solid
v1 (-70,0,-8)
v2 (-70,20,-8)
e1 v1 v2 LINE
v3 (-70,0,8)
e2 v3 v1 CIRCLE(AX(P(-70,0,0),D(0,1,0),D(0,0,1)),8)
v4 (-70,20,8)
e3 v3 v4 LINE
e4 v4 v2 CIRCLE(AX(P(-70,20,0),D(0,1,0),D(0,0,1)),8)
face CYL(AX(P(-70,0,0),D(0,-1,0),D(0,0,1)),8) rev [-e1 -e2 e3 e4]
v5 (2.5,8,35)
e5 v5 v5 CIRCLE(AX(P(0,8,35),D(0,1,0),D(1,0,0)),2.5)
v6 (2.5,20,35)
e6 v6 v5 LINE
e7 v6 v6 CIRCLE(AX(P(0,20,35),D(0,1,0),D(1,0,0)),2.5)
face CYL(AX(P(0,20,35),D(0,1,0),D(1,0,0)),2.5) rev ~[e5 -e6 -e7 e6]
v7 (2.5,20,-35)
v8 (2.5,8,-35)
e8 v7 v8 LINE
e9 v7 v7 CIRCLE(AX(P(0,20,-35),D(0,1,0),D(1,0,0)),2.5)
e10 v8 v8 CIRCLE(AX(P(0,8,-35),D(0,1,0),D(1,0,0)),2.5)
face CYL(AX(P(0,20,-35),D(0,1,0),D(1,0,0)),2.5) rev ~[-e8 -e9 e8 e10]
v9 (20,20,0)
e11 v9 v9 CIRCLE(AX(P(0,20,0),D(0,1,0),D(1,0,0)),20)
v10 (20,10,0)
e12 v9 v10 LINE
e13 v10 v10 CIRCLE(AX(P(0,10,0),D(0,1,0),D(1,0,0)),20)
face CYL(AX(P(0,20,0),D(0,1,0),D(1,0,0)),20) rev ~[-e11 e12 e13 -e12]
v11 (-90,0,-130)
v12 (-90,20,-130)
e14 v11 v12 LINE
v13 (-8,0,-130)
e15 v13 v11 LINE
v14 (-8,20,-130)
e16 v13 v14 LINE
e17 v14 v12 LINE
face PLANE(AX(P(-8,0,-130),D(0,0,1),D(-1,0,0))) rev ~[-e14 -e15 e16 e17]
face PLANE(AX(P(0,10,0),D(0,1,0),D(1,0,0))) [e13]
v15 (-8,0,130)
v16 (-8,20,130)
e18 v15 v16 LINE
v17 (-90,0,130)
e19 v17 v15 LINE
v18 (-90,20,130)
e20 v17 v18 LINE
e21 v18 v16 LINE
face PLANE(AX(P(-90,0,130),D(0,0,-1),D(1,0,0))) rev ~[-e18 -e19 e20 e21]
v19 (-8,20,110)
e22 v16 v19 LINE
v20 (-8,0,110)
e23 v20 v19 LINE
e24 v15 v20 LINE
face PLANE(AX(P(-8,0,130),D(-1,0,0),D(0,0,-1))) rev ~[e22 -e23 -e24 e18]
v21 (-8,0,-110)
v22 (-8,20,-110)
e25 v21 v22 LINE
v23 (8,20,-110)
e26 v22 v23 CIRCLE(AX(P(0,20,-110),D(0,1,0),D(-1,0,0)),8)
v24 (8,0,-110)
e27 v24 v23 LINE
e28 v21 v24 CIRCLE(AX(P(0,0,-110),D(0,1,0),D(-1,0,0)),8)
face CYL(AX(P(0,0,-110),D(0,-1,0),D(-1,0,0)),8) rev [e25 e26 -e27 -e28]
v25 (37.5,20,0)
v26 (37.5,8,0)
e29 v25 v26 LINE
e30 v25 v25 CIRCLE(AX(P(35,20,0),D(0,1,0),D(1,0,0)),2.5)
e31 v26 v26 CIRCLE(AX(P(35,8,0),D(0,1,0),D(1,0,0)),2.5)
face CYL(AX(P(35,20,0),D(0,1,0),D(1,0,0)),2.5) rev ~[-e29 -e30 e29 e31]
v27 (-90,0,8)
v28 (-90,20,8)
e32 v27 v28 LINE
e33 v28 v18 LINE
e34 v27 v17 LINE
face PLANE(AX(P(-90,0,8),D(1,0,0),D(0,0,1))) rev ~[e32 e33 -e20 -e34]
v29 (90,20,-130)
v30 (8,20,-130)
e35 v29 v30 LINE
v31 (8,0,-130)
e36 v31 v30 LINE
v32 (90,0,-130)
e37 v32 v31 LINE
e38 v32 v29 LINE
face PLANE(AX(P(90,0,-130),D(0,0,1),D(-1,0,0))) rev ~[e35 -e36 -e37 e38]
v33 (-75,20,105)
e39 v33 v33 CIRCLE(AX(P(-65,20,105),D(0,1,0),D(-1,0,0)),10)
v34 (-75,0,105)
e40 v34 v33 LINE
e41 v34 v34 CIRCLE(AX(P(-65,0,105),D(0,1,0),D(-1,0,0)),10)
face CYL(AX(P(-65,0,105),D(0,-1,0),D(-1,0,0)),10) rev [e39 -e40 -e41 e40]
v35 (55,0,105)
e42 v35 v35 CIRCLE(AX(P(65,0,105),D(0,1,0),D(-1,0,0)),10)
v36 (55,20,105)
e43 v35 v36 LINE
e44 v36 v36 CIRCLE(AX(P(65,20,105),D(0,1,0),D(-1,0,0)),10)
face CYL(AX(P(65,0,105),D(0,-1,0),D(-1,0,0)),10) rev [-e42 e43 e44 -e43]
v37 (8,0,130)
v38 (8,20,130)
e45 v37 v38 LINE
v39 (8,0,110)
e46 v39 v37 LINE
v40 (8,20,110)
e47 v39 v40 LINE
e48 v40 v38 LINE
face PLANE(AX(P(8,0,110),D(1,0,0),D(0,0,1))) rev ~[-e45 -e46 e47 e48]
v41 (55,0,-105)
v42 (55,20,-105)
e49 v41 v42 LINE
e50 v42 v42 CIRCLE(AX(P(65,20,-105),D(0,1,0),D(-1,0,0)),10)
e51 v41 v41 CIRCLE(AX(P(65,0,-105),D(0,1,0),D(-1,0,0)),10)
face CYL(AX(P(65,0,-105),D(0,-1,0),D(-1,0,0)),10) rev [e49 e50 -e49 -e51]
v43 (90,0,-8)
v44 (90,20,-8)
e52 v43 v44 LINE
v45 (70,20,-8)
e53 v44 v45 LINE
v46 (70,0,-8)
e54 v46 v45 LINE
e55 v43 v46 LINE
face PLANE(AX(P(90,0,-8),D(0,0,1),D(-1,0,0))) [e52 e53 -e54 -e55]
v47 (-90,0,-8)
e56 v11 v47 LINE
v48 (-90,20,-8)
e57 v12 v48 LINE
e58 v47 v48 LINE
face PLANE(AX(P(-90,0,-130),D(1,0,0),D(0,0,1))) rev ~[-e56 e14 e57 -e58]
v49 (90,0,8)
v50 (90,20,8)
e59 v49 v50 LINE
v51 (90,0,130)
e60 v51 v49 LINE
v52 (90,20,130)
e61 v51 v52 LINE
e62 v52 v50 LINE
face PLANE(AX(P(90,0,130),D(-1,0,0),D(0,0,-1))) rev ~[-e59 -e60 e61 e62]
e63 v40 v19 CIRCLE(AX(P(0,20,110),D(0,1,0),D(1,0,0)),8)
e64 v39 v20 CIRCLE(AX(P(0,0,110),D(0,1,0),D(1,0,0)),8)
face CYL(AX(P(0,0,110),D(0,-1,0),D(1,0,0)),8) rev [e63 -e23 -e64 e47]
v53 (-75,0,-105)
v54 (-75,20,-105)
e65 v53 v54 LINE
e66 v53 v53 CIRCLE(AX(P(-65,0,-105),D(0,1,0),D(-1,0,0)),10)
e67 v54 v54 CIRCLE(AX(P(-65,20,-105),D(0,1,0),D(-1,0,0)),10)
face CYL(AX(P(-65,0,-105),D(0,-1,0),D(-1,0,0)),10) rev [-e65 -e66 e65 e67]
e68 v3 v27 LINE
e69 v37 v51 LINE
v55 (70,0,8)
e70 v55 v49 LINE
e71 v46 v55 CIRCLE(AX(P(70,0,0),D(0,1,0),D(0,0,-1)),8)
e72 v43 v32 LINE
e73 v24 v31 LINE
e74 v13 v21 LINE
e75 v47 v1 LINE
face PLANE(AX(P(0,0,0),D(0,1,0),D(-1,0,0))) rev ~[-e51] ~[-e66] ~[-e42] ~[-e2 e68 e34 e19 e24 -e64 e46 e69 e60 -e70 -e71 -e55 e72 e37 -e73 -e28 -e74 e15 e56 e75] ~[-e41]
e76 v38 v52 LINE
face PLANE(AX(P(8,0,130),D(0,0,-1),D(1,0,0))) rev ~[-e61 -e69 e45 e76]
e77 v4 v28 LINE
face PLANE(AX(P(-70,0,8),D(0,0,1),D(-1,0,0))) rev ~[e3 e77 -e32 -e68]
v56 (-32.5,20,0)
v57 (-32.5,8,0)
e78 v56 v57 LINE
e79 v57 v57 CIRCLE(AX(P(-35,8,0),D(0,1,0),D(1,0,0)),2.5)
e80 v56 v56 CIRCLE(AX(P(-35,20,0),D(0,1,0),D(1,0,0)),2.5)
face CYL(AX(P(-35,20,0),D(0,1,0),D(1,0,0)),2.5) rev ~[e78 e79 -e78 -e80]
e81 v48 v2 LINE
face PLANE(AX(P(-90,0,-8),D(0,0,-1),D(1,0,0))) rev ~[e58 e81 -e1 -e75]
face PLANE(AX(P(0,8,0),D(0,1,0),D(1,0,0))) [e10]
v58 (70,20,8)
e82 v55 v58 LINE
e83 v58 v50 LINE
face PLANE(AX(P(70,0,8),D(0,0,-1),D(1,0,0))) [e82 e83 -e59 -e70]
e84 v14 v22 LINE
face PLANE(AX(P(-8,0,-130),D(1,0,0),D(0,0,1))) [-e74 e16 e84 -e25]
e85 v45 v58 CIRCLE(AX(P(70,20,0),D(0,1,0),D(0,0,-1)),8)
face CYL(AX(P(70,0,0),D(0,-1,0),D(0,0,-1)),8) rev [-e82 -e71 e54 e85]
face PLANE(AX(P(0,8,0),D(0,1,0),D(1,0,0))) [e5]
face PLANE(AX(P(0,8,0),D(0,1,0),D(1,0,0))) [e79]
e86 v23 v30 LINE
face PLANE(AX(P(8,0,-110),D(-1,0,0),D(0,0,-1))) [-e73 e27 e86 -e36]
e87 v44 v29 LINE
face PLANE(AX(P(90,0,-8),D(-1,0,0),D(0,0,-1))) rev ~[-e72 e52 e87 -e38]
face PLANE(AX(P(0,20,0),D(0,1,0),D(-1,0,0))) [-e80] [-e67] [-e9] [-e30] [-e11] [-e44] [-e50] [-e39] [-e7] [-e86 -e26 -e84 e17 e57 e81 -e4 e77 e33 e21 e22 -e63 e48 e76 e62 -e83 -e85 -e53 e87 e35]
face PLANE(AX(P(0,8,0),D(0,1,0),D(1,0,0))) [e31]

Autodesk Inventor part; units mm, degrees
ref_plane "YZ Plane" through (0, 0, 0) normal (1, 0, 0) x (0, 1, 0)
ref_plane "XZ Plane" through (0, 0, 0) normal (0, 1, 0) x (-1, 0, 0)
ref_plane "XY Plane" through (0, 0, 0) normal (0, 0, 1) x (1, 0, 0)
sketch "Sketch2" plane through (0, 0, 0) normal (0, 1, 0) x (-1, 0, 0)
  line L0 (90, 130) -> (-90, -130) construction
  line L1 (-90, 130) -> (90, -130) construction
  circle A0 centre (65, 105) radius 10
  circle A1 centre (-65, 105) radius 10
  circle A2 centre (-65, -105) radius 10
  circle A3 centre (65, -105) radius 10
  line L2 (0, 65.8121) -> (0, -50.2865) construction
  line L3 (90, 0) -> (70, 0) construction
  line L4 (90, -8) -> (70, -8)
  line L5 (70, 8) -> (90, 8)
  arc A4 (70, 8) -> (70, -8) centre (70, 0) ccw
  line L6 (-90, -8) -> (-70, -8)
  line L7 (-70, 8) -> (-90, 8)
  arc A5 (-70, -8) -> (-70, 8) centre (-70, 0) ccw
  line L8 (90, -130) -> (90, -8)
  line L9 (90, 8) -> (90, 130)
  line L10 (-90, 130) -> (-90, 8)
  line L11 (-90, -8) -> (-90, -130)
  line L12 (0, -110) -> (0, -154.4719) construction
  line L13 (-8, -110) -> (-8, -130)
  line L14 (8, -130) -> (8, -110)
  arc A6 (8, -110) -> (-8, -110) centre (0, -110) ccw
  line L15 (25.1981, 0) -> (-33.3058, 0) construction
  line L16 (-8, 110) -> (-8, 130)
  line L17 (8, 130) -> (8, 110)
  arc A7 (-8, 110) -> (8, 110) centre (0, 110) ccw
  line L18 (90, 130) -> (8, 130)
  line L19 (-8, 130) -> (-90, 130)
  line L20 (-90, -130) -> (-8, -130)
  line L21 (8, -130) -> (90, -130)
  point P0 (0, 0)
  point P1 (80, 0)
  point P2 (0, -132.2359)
  point P3 (8, 154.4719)
  dimension "d2" = 180
  dimension "d3" = 260
  dimension "d4" = 20
  dimension "d6" = 65
  dimension "d7" = 65
  dimension "d9" = 65
  dimension "d12" = 65
  dimension "d16" = 8
  dimension "d18" = 8
  dimension "d33" = 180
  dimension "d34" = 260
extrude "Extrusion2" add sketch "Sketch2" along normal blind 20
sketch "Sketch3" plane through (0, 20, 0) normal (0, 1, 0) x (1, 0, 0)
  circle A0 centre (0, 35) radius 2.5
  circle A1 centre (-35, 0) radius 2.5
  circle A2 centre (0, -35) radius 2.5
  circle A3 centre (35, 0) radius 2.5
  point P0 (0, 0)
  dimension "d22" = 5
  dimension "d23" = 35
  dimension "d26" = 360
extrude "Extrusion3" cut sketch "Sketch3" against normal blind 12
sketch "Sketch4" plane through (0, 20, 0) normal (0, 1, 0) x (1, 0, 0)
  circle A0 centre (0, 0) radius 20
  dimension "d30" = 40
extrude "Extrusion4" cut sketch "Sketch4" against normal blind 10
properties part number "Base inferior da ferramenta"
